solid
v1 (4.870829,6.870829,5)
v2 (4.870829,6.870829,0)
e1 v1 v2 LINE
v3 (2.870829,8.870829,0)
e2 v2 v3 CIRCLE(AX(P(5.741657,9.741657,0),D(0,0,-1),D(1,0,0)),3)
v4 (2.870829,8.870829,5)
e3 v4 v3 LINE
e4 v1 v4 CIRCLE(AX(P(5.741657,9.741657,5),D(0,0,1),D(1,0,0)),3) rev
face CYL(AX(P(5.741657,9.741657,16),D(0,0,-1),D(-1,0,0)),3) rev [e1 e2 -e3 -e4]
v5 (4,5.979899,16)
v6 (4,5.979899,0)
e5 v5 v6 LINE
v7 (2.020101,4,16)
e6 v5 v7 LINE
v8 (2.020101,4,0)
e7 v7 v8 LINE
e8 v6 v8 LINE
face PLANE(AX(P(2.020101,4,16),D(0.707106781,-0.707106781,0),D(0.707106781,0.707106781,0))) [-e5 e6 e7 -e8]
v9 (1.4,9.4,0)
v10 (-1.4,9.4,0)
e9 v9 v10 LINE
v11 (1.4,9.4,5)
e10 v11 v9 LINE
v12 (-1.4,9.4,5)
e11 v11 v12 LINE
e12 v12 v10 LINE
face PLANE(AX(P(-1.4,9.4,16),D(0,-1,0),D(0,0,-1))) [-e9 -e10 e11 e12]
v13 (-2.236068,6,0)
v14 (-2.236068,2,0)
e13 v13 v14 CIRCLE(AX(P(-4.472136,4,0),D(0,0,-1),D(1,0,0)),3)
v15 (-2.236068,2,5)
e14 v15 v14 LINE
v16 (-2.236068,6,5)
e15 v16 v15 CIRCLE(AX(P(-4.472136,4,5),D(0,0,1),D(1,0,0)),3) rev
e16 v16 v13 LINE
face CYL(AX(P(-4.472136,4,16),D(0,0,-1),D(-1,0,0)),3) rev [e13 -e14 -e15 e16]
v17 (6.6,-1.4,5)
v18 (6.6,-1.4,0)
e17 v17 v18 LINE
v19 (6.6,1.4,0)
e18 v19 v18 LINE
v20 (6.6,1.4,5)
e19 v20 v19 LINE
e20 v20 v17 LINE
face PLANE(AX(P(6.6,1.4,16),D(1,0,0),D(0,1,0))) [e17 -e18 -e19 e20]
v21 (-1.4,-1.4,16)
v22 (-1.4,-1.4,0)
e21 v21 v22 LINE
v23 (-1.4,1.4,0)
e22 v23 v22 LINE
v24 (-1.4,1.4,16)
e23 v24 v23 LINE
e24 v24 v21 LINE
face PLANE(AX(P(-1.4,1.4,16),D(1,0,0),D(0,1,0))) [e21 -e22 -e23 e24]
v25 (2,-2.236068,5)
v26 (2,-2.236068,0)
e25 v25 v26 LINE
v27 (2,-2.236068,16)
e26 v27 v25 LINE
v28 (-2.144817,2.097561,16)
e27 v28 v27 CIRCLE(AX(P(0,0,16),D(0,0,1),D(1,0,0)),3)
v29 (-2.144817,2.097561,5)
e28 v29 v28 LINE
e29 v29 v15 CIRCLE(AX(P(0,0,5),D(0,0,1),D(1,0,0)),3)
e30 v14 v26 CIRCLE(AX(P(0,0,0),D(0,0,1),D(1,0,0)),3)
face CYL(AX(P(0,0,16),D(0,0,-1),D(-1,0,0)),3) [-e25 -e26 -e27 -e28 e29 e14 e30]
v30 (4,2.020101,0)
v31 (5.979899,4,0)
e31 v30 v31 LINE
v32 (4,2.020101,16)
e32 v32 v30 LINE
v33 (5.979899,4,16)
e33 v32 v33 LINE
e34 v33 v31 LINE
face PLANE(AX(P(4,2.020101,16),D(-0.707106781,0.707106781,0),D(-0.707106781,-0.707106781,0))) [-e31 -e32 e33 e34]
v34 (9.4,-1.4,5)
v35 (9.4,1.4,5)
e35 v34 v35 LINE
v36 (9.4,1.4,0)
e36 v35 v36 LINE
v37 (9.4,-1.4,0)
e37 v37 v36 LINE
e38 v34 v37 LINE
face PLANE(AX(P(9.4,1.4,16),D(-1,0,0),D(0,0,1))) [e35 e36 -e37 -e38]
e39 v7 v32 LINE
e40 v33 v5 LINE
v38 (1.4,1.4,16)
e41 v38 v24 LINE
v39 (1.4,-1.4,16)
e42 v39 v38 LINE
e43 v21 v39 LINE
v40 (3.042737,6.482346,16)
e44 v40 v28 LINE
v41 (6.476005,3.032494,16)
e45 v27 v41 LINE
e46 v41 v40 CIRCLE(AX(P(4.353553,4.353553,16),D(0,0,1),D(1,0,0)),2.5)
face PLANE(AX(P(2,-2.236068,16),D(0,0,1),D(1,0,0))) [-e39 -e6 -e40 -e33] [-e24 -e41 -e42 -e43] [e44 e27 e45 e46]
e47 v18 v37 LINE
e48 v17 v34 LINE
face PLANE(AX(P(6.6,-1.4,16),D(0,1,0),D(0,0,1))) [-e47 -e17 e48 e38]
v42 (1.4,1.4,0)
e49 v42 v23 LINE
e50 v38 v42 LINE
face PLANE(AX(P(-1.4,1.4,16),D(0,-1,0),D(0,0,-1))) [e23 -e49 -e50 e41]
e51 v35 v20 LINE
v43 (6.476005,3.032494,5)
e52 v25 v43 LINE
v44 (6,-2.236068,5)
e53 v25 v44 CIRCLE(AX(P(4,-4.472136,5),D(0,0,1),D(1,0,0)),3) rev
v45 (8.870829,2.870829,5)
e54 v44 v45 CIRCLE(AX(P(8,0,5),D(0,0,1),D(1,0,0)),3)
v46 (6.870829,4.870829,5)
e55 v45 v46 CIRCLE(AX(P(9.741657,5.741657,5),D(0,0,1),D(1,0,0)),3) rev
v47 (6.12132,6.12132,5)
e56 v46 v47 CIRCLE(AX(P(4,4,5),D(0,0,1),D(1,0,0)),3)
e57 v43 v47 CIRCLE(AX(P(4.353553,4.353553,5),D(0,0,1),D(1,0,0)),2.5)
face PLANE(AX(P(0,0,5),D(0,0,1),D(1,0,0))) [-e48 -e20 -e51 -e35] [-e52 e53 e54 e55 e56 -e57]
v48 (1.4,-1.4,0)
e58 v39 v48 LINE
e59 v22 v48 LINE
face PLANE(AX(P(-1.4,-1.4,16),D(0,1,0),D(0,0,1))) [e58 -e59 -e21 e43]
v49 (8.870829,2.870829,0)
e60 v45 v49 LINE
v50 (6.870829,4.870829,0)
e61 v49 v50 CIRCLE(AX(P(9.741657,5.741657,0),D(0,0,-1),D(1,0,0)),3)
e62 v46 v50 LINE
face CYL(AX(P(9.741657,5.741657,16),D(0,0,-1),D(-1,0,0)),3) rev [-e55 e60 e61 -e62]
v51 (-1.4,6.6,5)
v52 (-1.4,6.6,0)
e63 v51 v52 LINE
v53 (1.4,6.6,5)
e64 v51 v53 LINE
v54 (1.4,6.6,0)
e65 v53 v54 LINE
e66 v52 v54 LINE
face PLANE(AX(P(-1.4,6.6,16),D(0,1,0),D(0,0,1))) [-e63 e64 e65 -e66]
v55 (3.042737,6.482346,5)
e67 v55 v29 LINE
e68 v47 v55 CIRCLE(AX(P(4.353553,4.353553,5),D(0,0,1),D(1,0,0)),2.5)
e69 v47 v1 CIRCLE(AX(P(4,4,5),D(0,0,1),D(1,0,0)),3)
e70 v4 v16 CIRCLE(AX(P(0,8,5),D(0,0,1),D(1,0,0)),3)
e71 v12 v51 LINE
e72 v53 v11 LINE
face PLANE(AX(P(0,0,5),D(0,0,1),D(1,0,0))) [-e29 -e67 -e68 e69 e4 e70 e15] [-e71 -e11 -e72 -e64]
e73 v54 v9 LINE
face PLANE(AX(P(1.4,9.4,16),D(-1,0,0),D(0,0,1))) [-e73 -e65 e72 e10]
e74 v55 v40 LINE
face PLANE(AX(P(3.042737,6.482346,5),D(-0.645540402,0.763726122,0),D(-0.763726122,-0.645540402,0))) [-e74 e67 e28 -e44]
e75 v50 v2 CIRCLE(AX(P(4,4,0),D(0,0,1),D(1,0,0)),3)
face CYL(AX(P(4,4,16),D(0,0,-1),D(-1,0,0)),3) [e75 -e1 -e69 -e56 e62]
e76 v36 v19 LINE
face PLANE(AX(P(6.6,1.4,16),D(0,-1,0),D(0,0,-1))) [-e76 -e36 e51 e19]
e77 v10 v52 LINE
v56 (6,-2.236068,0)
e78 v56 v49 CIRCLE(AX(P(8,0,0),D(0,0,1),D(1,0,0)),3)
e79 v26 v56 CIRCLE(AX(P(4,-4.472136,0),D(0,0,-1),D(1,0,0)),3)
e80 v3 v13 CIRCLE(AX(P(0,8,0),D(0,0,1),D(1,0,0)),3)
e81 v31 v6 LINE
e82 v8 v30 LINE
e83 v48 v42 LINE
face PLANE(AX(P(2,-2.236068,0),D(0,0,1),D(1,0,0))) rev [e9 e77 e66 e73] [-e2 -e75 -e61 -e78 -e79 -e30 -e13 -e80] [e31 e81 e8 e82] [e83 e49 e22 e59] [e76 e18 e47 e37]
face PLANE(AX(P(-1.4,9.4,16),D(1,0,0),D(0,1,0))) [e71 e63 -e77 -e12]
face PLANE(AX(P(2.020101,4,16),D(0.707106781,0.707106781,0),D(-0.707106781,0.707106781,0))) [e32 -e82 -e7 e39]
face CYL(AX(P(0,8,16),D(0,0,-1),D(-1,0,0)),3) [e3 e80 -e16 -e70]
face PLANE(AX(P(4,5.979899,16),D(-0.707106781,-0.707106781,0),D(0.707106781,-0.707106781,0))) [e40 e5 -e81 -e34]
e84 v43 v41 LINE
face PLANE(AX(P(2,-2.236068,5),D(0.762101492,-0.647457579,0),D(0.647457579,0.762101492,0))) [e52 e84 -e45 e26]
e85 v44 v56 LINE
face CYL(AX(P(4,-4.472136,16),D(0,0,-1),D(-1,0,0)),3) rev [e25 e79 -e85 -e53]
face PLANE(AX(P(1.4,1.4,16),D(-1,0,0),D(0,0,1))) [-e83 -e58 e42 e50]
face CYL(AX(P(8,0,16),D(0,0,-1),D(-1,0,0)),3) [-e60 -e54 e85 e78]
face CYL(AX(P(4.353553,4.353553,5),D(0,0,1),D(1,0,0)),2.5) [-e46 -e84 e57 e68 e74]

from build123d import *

# Parameters (mm, degrees)
ESBO_O1_W                  = 2.8
ESBO_O1_H                  = 2.8
RESSALTO_EXTRUS_O1_DEPTH   = 16
CORTE_EXTRUS_O_FINA1_START = -11
CORTE_EXTRUS_O_FINA1_DEPTH = 11


with BuildPart() as part:
    # Esboço1 → Ressalto-extrusão1 (new body)
    with BuildSketch(Plane.XY):
        with BuildLine():
            ThreePointArc((2.870828693, 8.870828693), (-1.470083208, 10.615120525), (-2.236067977, 6))
            ThreePointArc((-2.236067977, 6), (-1.472135955, 4), (-2.236067977, 2))
            ThreePointArc((-2.236067977, 2), (-2.121320344, -2.121320344), (2, -2.236067977))
            ThreePointArc((2, -2.236067977), (4, -1.472135955), (6, -2.236067977))
            ThreePointArc((6, -2.236067977), (10.615120525, -1.470083208), (8.870828693, 2.870828693))
            ThreePointArc((8.870828693, 2.870828693), (7.620337043, 3.620337043), (6.870828693, 4.870828693))
            ThreePointArc((6.870828693, 4.870828693), (6.121320344, 6.121320344), (4.870828693, 6.870828693))
            ThreePointArc((4.870828693, 6.870828693), (3.620337043, 7.620337043), (2.870828693, 8.870828693))
        make_face()
        with Locations((0, 8)):
            Rectangle(ESBO_O1_W, ESBO_O1_H, mode=Mode.SUBTRACT)
        Polygon((4, 5.979898987), (5.979898987, 4), (4, 2.020101013), (2.020101013, 4), align=None, mode=Mode.SUBTRACT)
        with Locations((8, 0)):
            Rectangle(ESBO_O1_W, ESBO_O1_H, mode=Mode.SUBTRACT)
        Rectangle(ESBO_O1_W, ESBO_O1_H, mode=Mode.SUBTRACT)
    extrude(amount=RESSALTO_EXTRUS_O1_DEPTH)

    # Esboço2 → Corte-Extrusão-Fina1 (cut)
    with BuildSketch(Plane.XY.offset(16).offset(CORTE_EXTRUS_O_FINA1_START)):
        with BuildLine():
            Line((9.333446825, -9.049130918), (14.39222363, -3.094607445))
            ThreePointArc((14.39222363, -3.094607445), (13.208027354, 13.176721236), (-3.059004987, 14.418541135))
            Line((-3.059004987, 14.418541135), (-8.835216439, 9.536191613))
            ThreePointArc((-8.835216439, 9.536191613), (-9.295999773, -9.087595294), (9.333446825, -9.049130918))
        make_face()
        with BuildLine():
            Line((2, -2.236067977), (6.47600505, 3.032493606))
            ThreePointArc((6.47600505, 3.032493606), (6.125574464, 6.117055961), (3.04273657, 6.482346303))
            Line((3.04273657, 6.482346303), (-2.144816713, 2.09756079))
            ThreePointArc((-2.144816713, 2.09756079), (-2.16802388, -2.073565156), (2, -2.236067977))
        make_face(mode=Mode.SUBTRACT)
    extrude(amount=CORTE_EXTRUS_O_FINA1_DEPTH, mode=Mode.SUBTRACT)


solid = part.part
